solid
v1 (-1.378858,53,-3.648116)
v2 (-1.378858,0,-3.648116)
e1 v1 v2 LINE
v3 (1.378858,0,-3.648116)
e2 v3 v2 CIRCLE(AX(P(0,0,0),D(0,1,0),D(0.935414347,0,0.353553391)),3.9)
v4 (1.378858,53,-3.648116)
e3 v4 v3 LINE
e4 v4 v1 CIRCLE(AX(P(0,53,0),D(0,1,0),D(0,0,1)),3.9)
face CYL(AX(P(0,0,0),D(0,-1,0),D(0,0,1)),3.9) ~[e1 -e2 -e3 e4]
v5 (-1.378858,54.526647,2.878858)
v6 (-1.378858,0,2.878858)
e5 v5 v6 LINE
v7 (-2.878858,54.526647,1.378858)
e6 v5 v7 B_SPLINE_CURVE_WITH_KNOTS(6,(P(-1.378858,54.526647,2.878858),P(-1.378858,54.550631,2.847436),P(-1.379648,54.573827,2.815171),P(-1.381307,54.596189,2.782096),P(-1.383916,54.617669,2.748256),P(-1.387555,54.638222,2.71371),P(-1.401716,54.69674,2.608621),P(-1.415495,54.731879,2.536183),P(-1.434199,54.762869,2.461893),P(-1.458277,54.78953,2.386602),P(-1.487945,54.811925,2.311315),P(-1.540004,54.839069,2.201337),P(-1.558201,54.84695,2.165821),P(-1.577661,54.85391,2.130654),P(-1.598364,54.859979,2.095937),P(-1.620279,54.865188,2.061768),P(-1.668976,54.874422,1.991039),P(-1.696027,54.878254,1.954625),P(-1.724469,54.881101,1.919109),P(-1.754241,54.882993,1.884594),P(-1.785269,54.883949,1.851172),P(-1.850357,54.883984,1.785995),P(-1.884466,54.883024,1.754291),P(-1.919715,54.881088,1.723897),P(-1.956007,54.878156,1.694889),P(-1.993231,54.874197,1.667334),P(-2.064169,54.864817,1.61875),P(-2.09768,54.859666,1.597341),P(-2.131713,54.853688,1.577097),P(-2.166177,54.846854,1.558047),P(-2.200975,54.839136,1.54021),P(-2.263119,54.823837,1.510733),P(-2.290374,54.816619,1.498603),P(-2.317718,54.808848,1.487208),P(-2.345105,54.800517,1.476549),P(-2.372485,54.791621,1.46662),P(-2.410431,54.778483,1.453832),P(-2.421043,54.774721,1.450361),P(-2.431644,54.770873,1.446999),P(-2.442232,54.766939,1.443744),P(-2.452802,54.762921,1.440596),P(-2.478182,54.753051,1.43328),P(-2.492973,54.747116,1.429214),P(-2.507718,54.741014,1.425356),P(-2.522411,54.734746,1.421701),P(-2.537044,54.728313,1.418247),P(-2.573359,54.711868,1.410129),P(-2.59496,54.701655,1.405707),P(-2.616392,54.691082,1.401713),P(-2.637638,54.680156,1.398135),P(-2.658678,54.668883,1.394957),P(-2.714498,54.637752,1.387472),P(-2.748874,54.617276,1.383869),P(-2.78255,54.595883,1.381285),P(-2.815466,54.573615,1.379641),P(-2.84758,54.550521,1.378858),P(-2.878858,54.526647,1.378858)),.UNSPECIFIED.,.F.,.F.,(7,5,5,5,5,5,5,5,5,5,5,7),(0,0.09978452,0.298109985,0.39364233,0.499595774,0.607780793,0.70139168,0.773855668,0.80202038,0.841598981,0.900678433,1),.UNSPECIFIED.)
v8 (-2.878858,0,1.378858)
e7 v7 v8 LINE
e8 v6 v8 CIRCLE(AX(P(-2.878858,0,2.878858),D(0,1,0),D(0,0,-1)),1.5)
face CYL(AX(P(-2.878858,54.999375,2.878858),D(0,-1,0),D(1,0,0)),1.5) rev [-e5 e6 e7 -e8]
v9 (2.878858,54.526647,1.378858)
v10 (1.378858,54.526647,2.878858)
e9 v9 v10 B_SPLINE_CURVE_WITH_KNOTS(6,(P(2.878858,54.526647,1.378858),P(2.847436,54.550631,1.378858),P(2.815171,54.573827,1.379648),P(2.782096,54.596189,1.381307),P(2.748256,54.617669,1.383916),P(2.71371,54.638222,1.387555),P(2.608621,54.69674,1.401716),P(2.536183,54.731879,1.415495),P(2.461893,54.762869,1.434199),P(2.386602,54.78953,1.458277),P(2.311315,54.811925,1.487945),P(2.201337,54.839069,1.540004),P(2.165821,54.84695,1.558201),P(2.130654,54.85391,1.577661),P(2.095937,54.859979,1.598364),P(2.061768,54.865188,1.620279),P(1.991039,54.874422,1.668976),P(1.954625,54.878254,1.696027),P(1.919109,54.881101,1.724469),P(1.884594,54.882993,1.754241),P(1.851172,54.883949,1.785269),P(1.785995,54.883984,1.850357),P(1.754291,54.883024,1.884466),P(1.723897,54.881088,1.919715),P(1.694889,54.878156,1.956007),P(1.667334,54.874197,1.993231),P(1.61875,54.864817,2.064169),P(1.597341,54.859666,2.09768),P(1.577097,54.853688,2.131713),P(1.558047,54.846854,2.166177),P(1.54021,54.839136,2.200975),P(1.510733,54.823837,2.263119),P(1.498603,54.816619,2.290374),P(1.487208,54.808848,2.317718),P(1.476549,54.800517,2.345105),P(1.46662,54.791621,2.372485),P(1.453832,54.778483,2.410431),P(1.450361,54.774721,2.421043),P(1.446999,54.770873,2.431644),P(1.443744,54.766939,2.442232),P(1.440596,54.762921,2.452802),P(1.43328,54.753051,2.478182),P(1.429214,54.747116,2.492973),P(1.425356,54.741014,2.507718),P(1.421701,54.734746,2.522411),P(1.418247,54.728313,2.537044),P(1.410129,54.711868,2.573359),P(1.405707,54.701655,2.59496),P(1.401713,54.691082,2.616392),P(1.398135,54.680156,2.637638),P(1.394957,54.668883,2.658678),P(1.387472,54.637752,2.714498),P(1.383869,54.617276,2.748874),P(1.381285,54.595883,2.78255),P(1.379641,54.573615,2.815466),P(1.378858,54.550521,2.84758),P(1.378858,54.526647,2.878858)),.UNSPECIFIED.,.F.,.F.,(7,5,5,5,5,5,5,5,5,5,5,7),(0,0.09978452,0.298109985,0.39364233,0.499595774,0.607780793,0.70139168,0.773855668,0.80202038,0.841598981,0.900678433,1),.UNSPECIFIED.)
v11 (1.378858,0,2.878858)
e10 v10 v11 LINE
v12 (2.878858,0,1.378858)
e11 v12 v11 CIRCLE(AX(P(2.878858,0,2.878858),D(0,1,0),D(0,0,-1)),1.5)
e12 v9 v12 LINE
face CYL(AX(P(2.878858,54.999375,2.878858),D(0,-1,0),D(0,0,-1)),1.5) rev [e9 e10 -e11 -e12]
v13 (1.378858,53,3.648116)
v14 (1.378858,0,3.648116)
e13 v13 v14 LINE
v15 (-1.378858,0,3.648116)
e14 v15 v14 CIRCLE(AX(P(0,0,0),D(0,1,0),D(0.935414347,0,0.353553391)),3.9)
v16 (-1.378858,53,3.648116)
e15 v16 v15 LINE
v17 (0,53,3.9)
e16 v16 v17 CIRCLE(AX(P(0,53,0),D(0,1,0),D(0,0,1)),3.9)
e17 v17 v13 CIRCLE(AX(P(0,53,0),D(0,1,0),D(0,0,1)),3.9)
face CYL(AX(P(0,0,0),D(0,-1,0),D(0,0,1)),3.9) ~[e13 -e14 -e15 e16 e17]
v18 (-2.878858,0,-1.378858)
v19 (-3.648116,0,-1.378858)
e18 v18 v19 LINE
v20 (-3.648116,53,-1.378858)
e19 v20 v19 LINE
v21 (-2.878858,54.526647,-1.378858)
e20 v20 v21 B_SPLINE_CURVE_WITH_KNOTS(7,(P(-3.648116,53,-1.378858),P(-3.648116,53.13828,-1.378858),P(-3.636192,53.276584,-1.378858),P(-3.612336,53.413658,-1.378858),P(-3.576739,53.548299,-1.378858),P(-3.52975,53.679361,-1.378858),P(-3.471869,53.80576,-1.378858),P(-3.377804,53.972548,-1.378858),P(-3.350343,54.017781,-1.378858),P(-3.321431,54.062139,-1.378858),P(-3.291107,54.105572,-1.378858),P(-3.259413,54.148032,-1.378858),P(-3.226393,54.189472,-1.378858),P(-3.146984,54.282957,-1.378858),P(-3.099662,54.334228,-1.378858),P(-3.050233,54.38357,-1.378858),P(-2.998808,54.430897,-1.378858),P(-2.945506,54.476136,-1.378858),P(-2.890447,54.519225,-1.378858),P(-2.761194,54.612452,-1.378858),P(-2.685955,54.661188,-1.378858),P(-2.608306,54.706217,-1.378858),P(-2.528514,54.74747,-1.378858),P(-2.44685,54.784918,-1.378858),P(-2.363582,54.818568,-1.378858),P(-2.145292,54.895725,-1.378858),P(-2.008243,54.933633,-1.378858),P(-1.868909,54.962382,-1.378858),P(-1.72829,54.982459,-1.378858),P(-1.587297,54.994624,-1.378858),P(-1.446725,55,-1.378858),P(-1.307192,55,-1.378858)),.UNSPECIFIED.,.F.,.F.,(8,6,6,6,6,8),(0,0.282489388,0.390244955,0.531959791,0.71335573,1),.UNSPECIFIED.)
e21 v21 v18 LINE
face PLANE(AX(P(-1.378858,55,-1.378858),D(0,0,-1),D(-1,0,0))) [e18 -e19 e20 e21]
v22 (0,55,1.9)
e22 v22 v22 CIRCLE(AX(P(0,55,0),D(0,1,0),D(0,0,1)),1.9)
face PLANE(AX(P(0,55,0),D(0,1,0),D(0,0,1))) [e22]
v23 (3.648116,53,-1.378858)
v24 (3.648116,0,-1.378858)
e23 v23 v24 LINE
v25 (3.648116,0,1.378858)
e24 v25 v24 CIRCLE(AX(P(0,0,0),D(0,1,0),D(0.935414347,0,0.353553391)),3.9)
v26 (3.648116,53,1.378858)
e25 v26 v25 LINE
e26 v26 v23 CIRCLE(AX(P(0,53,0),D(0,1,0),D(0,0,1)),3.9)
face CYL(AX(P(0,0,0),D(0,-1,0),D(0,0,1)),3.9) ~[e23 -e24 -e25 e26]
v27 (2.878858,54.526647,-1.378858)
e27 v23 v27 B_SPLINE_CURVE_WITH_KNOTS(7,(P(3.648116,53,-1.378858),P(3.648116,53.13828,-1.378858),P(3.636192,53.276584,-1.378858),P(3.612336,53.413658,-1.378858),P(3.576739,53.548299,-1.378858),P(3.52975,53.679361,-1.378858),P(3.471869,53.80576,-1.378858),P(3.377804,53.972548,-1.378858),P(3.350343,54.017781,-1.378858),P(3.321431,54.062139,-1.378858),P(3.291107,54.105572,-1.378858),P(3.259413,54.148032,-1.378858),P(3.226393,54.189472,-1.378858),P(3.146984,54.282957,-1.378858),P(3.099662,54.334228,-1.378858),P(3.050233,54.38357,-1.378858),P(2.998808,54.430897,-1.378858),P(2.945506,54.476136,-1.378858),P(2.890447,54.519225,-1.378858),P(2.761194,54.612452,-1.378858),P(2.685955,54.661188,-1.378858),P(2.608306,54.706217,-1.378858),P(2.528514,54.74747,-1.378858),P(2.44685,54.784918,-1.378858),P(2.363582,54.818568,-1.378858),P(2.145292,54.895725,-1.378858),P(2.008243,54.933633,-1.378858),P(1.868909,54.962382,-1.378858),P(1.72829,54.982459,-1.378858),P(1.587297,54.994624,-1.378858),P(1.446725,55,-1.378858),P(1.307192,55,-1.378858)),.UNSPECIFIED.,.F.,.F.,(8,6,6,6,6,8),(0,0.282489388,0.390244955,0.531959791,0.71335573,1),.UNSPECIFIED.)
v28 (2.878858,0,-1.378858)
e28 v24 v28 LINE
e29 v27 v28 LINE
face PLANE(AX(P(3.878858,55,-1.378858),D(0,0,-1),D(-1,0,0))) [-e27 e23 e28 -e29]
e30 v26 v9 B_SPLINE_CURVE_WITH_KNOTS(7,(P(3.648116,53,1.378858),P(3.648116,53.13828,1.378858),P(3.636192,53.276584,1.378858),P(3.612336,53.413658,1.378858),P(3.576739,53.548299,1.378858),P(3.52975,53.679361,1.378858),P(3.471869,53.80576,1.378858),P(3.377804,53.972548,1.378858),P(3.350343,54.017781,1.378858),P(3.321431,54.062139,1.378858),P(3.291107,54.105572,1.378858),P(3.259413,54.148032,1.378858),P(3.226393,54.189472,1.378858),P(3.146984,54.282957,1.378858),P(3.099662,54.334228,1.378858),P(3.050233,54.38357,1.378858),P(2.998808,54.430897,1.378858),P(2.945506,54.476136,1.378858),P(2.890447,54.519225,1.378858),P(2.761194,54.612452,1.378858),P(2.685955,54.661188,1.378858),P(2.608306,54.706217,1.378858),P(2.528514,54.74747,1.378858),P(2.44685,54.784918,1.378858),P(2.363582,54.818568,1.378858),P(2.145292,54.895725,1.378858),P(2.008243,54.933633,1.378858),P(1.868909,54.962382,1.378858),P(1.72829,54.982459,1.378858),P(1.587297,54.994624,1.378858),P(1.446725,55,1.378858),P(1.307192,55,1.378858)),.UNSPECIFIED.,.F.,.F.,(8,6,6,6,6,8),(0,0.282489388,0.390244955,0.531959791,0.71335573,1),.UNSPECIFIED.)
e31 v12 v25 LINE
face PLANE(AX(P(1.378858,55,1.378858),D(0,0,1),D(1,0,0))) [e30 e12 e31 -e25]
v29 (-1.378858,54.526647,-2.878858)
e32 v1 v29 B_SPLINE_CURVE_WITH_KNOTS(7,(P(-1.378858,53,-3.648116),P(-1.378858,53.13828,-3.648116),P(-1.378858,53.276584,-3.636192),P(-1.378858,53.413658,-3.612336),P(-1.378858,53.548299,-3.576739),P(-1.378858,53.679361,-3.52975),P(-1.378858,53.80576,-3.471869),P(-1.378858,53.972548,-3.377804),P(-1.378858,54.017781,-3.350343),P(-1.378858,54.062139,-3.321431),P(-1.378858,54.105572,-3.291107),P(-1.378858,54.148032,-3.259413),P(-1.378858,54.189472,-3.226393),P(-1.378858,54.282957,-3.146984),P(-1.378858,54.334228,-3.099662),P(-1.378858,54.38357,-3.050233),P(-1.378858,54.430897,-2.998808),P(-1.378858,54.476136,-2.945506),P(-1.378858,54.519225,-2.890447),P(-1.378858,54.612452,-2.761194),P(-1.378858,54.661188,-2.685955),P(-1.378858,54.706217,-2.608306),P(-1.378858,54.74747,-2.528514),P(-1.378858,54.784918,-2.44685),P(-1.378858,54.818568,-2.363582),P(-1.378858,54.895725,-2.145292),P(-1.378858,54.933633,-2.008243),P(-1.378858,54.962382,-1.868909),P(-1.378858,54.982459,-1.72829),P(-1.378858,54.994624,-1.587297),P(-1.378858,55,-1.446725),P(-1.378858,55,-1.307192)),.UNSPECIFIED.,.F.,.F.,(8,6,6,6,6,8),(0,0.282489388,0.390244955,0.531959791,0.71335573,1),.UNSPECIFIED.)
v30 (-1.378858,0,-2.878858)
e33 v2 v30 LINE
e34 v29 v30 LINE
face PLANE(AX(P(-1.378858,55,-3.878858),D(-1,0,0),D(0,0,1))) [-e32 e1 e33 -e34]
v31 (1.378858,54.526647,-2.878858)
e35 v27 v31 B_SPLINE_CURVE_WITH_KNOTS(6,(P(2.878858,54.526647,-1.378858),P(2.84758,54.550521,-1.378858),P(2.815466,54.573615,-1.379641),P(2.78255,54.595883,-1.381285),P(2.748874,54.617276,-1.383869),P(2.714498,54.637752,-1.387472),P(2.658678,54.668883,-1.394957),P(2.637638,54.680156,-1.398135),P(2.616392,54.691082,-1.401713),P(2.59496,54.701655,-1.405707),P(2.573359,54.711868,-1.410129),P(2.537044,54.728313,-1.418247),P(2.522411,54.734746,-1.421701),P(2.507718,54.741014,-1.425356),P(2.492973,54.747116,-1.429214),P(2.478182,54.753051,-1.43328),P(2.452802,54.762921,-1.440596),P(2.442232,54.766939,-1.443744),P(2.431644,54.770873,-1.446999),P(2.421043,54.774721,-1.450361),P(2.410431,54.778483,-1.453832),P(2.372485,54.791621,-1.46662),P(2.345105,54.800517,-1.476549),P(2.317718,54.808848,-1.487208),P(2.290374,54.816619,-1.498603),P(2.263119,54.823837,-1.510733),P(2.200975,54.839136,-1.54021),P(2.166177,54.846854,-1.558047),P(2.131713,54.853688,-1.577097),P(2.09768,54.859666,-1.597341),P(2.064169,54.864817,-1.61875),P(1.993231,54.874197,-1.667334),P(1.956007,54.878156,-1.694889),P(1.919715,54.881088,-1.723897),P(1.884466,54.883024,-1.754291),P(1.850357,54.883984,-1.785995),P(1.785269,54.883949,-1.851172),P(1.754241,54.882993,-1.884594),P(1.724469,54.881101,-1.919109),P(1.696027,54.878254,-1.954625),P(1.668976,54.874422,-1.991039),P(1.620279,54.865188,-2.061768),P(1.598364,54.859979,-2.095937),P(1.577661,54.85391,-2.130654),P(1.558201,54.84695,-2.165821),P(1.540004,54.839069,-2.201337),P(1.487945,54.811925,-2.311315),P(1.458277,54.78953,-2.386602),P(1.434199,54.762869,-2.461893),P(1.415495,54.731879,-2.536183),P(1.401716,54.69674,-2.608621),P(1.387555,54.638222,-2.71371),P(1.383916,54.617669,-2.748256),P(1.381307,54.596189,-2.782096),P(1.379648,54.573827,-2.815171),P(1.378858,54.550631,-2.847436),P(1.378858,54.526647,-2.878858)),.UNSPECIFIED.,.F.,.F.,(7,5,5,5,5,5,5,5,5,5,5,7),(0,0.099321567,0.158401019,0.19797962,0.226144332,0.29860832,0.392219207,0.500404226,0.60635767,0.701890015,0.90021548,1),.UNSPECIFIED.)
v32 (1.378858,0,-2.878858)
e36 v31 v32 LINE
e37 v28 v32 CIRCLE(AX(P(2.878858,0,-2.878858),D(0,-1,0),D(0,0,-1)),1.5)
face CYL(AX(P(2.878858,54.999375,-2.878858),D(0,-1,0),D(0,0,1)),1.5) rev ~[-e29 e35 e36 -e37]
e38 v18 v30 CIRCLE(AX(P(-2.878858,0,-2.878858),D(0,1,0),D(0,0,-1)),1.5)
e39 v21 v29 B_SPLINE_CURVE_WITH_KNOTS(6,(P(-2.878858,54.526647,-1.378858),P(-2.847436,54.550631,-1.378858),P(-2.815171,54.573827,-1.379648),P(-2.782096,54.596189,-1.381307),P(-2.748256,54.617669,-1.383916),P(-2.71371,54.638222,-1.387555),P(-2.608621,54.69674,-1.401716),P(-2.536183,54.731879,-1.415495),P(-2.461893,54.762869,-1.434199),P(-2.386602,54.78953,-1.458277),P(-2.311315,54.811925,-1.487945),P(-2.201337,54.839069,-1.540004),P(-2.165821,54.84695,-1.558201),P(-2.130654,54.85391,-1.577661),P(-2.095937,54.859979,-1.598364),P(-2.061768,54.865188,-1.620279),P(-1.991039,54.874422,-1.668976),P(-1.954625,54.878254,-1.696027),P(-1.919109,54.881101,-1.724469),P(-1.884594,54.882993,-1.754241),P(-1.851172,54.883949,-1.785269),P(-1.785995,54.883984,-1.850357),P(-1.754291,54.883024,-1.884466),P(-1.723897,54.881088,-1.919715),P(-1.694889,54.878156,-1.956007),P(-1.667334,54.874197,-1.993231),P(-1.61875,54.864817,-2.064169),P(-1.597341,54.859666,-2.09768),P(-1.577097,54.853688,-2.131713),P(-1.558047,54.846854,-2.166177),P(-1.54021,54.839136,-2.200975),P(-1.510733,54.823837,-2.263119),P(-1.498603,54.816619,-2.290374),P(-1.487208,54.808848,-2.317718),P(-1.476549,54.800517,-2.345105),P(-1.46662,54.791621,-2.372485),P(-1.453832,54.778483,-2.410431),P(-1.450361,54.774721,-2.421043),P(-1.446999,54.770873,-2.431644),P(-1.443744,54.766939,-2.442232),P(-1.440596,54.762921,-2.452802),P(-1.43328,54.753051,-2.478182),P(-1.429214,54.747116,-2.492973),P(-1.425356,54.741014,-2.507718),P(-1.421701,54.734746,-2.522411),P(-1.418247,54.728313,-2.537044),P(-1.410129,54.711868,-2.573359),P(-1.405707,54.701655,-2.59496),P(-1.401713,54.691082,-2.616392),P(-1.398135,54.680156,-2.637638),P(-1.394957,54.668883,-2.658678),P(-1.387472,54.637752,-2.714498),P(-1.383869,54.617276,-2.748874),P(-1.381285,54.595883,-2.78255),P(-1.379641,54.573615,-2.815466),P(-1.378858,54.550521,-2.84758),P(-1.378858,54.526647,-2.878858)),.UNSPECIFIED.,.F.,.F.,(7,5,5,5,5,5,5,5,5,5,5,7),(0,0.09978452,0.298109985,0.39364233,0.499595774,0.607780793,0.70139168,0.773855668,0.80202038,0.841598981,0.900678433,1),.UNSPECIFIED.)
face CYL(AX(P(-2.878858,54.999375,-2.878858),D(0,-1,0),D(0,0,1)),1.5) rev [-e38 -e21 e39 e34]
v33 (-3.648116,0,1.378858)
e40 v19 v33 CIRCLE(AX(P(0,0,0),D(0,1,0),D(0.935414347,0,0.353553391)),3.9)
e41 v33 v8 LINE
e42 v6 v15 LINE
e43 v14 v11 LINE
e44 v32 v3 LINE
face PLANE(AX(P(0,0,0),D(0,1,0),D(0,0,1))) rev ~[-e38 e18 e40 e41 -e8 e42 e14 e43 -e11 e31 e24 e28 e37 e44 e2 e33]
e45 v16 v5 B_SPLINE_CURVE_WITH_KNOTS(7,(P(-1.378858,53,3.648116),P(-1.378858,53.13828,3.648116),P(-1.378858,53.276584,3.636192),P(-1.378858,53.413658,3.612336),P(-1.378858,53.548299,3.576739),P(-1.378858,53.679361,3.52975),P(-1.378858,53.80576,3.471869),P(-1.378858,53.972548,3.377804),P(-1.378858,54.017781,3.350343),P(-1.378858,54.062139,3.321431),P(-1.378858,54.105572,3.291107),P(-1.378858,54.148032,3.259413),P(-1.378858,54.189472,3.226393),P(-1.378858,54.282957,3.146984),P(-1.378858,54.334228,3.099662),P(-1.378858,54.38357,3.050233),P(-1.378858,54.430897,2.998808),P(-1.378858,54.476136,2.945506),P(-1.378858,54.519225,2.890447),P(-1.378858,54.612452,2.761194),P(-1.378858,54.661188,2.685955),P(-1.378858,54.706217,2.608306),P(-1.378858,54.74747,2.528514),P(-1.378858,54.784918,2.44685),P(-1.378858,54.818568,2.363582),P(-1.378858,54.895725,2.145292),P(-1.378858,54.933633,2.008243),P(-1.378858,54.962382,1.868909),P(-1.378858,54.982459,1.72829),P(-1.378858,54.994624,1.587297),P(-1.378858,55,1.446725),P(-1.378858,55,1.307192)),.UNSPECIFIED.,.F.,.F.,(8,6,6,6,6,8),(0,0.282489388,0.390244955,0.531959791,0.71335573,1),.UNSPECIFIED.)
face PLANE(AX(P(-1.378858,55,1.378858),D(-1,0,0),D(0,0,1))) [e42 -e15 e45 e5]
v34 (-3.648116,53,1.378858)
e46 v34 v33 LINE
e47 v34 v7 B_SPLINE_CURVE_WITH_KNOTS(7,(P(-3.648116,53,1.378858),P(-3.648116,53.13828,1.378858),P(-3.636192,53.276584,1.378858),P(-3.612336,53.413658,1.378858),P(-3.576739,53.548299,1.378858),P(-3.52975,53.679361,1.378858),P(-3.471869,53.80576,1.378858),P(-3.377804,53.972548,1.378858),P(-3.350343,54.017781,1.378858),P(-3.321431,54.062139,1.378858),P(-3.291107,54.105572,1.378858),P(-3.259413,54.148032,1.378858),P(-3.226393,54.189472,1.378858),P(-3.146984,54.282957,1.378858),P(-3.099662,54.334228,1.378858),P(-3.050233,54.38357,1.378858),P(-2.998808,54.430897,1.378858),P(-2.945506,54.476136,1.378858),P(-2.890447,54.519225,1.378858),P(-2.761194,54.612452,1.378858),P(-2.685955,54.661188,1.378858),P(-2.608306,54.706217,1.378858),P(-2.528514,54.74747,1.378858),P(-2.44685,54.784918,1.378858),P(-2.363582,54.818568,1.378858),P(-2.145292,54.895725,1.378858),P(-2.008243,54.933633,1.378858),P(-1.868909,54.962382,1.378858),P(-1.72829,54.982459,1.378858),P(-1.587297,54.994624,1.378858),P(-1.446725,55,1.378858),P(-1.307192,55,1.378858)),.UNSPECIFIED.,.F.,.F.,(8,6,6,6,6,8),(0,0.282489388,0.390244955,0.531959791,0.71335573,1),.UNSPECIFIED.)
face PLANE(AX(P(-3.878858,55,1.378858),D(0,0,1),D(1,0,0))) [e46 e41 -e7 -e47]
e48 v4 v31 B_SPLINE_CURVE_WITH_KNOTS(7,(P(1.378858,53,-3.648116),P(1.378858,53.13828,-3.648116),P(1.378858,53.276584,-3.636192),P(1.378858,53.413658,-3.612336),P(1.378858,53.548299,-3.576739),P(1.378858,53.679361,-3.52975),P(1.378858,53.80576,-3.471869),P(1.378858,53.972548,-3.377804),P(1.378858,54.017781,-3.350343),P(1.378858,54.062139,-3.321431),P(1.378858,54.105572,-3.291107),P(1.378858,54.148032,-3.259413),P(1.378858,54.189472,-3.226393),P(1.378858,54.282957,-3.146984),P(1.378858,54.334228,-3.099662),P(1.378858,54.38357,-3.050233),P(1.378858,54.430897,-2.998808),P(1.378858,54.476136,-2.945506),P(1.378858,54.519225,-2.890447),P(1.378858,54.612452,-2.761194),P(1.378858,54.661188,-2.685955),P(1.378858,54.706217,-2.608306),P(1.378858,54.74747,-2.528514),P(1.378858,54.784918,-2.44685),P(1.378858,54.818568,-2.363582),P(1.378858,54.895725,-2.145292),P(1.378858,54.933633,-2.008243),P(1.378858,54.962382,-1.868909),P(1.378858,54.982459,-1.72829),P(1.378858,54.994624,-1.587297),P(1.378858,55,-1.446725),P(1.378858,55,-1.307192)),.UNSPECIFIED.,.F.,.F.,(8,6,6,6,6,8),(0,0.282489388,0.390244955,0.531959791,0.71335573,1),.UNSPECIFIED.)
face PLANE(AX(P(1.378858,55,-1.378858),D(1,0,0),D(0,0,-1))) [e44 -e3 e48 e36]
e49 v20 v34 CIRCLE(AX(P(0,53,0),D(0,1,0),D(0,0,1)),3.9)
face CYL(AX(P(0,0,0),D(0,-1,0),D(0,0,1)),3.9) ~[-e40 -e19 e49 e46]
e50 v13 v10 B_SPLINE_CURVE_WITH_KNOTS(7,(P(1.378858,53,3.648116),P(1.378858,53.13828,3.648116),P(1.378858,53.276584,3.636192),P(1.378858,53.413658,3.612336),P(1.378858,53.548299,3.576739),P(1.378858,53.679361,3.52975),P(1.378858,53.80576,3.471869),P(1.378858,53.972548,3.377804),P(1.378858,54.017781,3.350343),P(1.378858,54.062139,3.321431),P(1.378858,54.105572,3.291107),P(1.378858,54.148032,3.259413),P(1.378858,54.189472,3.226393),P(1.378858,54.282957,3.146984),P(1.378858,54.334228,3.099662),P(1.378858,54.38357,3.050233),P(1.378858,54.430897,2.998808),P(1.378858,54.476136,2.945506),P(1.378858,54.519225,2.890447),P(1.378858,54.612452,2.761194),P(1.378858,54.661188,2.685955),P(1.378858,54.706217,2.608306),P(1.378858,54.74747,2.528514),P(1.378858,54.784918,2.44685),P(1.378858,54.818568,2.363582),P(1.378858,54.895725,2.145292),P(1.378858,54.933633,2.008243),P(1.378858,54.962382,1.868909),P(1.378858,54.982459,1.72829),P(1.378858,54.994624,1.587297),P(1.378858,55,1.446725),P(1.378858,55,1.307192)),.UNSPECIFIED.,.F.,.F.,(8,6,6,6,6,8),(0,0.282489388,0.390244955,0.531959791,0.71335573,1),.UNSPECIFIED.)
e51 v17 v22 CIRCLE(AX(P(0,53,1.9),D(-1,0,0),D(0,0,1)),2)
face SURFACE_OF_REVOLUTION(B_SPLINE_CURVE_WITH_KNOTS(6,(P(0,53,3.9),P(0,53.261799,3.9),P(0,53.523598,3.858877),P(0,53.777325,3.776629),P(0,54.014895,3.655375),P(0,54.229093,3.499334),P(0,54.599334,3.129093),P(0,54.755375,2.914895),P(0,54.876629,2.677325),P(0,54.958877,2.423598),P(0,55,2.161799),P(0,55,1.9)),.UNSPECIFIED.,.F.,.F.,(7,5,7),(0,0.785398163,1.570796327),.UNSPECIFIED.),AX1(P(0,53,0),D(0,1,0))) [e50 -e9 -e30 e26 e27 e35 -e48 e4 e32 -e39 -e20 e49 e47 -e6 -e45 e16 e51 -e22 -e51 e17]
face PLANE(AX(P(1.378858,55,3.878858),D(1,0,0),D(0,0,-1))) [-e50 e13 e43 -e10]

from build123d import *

# Parameters (mm, degrees)
SKETCH1_R           = 3.9
BOSS_EXTRUDE1_DEPTH = 55
FILLET1_R           = 2
SKETCH2_W           = 2.5
SKETCH2_H           = 2.5
CUT_EXTRUDE1_DEPTH  = 56.27585368
CIRPATTERN1_COUNT   = 4
FILLET2_R           = 1.5


with BuildPart() as part:
    # Sketch1 → Boss-Extrude1 (new body)
    with BuildSketch(Plane(origin=(0, 0, 0), x_dir=(1, 0, 0), z_dir=(0, 1, 0))):
        with Locations(Location((0, 0, 0), (0, 0, 270))):
            Circle(SKETCH1_R)
    extrude(amount=BOSS_EXTRUDE1_DEPTH)

    # Fillet1
    fillet1_edges = [part.edges().sort_by_distance(p)[0] for p in [
        (0, 55, -3.9),
    ]]
    fillet(fillet1_edges, radius=FILLET1_R)

    # Sketch2 → Cut-Extrude1 (cut, through all)
    with BuildSketch(Plane(origin=(0, 55, 0), x_dir=(1, 0, 0), z_dir=(0, 1, 0))):
        with Locations((2.628858223, -2.628858223)):
            Rectangle(SKETCH2_W, SKETCH2_H)
    cut_extrude1 = extrude(amount=-CUT_EXTRUDE1_DEPTH, mode=Mode.SUBTRACT)

    # CirPattern1: Cut-Extrude1 ×4 about axis
    cirpattern1_axis = Axis((0, 0, 0), (0, 1, 0))
    for i in range(1, CIRPATTERN1_COUNT):
        add(cut_extrude1.rotate(cirpattern1_axis, i * 360 / CIRPATTERN1_COUNT), mode=Mode.SUBTRACT)

    # Fillet2
    fillet2_edges = [part.edges().sort_by_distance(p)[0] for p in [
        (1.378858223, 27.499687451, -1.378858223),
        (-1.378858223, 27.499687451, -1.378858223),
        (-1.378858223, 27.499687451, 1.378858223),
        (1.378858223, 27.499687451, 1.378858223),
    ]]
    fillet(fillet2_edges, radius=FILLET2_R)


solid = part.part
